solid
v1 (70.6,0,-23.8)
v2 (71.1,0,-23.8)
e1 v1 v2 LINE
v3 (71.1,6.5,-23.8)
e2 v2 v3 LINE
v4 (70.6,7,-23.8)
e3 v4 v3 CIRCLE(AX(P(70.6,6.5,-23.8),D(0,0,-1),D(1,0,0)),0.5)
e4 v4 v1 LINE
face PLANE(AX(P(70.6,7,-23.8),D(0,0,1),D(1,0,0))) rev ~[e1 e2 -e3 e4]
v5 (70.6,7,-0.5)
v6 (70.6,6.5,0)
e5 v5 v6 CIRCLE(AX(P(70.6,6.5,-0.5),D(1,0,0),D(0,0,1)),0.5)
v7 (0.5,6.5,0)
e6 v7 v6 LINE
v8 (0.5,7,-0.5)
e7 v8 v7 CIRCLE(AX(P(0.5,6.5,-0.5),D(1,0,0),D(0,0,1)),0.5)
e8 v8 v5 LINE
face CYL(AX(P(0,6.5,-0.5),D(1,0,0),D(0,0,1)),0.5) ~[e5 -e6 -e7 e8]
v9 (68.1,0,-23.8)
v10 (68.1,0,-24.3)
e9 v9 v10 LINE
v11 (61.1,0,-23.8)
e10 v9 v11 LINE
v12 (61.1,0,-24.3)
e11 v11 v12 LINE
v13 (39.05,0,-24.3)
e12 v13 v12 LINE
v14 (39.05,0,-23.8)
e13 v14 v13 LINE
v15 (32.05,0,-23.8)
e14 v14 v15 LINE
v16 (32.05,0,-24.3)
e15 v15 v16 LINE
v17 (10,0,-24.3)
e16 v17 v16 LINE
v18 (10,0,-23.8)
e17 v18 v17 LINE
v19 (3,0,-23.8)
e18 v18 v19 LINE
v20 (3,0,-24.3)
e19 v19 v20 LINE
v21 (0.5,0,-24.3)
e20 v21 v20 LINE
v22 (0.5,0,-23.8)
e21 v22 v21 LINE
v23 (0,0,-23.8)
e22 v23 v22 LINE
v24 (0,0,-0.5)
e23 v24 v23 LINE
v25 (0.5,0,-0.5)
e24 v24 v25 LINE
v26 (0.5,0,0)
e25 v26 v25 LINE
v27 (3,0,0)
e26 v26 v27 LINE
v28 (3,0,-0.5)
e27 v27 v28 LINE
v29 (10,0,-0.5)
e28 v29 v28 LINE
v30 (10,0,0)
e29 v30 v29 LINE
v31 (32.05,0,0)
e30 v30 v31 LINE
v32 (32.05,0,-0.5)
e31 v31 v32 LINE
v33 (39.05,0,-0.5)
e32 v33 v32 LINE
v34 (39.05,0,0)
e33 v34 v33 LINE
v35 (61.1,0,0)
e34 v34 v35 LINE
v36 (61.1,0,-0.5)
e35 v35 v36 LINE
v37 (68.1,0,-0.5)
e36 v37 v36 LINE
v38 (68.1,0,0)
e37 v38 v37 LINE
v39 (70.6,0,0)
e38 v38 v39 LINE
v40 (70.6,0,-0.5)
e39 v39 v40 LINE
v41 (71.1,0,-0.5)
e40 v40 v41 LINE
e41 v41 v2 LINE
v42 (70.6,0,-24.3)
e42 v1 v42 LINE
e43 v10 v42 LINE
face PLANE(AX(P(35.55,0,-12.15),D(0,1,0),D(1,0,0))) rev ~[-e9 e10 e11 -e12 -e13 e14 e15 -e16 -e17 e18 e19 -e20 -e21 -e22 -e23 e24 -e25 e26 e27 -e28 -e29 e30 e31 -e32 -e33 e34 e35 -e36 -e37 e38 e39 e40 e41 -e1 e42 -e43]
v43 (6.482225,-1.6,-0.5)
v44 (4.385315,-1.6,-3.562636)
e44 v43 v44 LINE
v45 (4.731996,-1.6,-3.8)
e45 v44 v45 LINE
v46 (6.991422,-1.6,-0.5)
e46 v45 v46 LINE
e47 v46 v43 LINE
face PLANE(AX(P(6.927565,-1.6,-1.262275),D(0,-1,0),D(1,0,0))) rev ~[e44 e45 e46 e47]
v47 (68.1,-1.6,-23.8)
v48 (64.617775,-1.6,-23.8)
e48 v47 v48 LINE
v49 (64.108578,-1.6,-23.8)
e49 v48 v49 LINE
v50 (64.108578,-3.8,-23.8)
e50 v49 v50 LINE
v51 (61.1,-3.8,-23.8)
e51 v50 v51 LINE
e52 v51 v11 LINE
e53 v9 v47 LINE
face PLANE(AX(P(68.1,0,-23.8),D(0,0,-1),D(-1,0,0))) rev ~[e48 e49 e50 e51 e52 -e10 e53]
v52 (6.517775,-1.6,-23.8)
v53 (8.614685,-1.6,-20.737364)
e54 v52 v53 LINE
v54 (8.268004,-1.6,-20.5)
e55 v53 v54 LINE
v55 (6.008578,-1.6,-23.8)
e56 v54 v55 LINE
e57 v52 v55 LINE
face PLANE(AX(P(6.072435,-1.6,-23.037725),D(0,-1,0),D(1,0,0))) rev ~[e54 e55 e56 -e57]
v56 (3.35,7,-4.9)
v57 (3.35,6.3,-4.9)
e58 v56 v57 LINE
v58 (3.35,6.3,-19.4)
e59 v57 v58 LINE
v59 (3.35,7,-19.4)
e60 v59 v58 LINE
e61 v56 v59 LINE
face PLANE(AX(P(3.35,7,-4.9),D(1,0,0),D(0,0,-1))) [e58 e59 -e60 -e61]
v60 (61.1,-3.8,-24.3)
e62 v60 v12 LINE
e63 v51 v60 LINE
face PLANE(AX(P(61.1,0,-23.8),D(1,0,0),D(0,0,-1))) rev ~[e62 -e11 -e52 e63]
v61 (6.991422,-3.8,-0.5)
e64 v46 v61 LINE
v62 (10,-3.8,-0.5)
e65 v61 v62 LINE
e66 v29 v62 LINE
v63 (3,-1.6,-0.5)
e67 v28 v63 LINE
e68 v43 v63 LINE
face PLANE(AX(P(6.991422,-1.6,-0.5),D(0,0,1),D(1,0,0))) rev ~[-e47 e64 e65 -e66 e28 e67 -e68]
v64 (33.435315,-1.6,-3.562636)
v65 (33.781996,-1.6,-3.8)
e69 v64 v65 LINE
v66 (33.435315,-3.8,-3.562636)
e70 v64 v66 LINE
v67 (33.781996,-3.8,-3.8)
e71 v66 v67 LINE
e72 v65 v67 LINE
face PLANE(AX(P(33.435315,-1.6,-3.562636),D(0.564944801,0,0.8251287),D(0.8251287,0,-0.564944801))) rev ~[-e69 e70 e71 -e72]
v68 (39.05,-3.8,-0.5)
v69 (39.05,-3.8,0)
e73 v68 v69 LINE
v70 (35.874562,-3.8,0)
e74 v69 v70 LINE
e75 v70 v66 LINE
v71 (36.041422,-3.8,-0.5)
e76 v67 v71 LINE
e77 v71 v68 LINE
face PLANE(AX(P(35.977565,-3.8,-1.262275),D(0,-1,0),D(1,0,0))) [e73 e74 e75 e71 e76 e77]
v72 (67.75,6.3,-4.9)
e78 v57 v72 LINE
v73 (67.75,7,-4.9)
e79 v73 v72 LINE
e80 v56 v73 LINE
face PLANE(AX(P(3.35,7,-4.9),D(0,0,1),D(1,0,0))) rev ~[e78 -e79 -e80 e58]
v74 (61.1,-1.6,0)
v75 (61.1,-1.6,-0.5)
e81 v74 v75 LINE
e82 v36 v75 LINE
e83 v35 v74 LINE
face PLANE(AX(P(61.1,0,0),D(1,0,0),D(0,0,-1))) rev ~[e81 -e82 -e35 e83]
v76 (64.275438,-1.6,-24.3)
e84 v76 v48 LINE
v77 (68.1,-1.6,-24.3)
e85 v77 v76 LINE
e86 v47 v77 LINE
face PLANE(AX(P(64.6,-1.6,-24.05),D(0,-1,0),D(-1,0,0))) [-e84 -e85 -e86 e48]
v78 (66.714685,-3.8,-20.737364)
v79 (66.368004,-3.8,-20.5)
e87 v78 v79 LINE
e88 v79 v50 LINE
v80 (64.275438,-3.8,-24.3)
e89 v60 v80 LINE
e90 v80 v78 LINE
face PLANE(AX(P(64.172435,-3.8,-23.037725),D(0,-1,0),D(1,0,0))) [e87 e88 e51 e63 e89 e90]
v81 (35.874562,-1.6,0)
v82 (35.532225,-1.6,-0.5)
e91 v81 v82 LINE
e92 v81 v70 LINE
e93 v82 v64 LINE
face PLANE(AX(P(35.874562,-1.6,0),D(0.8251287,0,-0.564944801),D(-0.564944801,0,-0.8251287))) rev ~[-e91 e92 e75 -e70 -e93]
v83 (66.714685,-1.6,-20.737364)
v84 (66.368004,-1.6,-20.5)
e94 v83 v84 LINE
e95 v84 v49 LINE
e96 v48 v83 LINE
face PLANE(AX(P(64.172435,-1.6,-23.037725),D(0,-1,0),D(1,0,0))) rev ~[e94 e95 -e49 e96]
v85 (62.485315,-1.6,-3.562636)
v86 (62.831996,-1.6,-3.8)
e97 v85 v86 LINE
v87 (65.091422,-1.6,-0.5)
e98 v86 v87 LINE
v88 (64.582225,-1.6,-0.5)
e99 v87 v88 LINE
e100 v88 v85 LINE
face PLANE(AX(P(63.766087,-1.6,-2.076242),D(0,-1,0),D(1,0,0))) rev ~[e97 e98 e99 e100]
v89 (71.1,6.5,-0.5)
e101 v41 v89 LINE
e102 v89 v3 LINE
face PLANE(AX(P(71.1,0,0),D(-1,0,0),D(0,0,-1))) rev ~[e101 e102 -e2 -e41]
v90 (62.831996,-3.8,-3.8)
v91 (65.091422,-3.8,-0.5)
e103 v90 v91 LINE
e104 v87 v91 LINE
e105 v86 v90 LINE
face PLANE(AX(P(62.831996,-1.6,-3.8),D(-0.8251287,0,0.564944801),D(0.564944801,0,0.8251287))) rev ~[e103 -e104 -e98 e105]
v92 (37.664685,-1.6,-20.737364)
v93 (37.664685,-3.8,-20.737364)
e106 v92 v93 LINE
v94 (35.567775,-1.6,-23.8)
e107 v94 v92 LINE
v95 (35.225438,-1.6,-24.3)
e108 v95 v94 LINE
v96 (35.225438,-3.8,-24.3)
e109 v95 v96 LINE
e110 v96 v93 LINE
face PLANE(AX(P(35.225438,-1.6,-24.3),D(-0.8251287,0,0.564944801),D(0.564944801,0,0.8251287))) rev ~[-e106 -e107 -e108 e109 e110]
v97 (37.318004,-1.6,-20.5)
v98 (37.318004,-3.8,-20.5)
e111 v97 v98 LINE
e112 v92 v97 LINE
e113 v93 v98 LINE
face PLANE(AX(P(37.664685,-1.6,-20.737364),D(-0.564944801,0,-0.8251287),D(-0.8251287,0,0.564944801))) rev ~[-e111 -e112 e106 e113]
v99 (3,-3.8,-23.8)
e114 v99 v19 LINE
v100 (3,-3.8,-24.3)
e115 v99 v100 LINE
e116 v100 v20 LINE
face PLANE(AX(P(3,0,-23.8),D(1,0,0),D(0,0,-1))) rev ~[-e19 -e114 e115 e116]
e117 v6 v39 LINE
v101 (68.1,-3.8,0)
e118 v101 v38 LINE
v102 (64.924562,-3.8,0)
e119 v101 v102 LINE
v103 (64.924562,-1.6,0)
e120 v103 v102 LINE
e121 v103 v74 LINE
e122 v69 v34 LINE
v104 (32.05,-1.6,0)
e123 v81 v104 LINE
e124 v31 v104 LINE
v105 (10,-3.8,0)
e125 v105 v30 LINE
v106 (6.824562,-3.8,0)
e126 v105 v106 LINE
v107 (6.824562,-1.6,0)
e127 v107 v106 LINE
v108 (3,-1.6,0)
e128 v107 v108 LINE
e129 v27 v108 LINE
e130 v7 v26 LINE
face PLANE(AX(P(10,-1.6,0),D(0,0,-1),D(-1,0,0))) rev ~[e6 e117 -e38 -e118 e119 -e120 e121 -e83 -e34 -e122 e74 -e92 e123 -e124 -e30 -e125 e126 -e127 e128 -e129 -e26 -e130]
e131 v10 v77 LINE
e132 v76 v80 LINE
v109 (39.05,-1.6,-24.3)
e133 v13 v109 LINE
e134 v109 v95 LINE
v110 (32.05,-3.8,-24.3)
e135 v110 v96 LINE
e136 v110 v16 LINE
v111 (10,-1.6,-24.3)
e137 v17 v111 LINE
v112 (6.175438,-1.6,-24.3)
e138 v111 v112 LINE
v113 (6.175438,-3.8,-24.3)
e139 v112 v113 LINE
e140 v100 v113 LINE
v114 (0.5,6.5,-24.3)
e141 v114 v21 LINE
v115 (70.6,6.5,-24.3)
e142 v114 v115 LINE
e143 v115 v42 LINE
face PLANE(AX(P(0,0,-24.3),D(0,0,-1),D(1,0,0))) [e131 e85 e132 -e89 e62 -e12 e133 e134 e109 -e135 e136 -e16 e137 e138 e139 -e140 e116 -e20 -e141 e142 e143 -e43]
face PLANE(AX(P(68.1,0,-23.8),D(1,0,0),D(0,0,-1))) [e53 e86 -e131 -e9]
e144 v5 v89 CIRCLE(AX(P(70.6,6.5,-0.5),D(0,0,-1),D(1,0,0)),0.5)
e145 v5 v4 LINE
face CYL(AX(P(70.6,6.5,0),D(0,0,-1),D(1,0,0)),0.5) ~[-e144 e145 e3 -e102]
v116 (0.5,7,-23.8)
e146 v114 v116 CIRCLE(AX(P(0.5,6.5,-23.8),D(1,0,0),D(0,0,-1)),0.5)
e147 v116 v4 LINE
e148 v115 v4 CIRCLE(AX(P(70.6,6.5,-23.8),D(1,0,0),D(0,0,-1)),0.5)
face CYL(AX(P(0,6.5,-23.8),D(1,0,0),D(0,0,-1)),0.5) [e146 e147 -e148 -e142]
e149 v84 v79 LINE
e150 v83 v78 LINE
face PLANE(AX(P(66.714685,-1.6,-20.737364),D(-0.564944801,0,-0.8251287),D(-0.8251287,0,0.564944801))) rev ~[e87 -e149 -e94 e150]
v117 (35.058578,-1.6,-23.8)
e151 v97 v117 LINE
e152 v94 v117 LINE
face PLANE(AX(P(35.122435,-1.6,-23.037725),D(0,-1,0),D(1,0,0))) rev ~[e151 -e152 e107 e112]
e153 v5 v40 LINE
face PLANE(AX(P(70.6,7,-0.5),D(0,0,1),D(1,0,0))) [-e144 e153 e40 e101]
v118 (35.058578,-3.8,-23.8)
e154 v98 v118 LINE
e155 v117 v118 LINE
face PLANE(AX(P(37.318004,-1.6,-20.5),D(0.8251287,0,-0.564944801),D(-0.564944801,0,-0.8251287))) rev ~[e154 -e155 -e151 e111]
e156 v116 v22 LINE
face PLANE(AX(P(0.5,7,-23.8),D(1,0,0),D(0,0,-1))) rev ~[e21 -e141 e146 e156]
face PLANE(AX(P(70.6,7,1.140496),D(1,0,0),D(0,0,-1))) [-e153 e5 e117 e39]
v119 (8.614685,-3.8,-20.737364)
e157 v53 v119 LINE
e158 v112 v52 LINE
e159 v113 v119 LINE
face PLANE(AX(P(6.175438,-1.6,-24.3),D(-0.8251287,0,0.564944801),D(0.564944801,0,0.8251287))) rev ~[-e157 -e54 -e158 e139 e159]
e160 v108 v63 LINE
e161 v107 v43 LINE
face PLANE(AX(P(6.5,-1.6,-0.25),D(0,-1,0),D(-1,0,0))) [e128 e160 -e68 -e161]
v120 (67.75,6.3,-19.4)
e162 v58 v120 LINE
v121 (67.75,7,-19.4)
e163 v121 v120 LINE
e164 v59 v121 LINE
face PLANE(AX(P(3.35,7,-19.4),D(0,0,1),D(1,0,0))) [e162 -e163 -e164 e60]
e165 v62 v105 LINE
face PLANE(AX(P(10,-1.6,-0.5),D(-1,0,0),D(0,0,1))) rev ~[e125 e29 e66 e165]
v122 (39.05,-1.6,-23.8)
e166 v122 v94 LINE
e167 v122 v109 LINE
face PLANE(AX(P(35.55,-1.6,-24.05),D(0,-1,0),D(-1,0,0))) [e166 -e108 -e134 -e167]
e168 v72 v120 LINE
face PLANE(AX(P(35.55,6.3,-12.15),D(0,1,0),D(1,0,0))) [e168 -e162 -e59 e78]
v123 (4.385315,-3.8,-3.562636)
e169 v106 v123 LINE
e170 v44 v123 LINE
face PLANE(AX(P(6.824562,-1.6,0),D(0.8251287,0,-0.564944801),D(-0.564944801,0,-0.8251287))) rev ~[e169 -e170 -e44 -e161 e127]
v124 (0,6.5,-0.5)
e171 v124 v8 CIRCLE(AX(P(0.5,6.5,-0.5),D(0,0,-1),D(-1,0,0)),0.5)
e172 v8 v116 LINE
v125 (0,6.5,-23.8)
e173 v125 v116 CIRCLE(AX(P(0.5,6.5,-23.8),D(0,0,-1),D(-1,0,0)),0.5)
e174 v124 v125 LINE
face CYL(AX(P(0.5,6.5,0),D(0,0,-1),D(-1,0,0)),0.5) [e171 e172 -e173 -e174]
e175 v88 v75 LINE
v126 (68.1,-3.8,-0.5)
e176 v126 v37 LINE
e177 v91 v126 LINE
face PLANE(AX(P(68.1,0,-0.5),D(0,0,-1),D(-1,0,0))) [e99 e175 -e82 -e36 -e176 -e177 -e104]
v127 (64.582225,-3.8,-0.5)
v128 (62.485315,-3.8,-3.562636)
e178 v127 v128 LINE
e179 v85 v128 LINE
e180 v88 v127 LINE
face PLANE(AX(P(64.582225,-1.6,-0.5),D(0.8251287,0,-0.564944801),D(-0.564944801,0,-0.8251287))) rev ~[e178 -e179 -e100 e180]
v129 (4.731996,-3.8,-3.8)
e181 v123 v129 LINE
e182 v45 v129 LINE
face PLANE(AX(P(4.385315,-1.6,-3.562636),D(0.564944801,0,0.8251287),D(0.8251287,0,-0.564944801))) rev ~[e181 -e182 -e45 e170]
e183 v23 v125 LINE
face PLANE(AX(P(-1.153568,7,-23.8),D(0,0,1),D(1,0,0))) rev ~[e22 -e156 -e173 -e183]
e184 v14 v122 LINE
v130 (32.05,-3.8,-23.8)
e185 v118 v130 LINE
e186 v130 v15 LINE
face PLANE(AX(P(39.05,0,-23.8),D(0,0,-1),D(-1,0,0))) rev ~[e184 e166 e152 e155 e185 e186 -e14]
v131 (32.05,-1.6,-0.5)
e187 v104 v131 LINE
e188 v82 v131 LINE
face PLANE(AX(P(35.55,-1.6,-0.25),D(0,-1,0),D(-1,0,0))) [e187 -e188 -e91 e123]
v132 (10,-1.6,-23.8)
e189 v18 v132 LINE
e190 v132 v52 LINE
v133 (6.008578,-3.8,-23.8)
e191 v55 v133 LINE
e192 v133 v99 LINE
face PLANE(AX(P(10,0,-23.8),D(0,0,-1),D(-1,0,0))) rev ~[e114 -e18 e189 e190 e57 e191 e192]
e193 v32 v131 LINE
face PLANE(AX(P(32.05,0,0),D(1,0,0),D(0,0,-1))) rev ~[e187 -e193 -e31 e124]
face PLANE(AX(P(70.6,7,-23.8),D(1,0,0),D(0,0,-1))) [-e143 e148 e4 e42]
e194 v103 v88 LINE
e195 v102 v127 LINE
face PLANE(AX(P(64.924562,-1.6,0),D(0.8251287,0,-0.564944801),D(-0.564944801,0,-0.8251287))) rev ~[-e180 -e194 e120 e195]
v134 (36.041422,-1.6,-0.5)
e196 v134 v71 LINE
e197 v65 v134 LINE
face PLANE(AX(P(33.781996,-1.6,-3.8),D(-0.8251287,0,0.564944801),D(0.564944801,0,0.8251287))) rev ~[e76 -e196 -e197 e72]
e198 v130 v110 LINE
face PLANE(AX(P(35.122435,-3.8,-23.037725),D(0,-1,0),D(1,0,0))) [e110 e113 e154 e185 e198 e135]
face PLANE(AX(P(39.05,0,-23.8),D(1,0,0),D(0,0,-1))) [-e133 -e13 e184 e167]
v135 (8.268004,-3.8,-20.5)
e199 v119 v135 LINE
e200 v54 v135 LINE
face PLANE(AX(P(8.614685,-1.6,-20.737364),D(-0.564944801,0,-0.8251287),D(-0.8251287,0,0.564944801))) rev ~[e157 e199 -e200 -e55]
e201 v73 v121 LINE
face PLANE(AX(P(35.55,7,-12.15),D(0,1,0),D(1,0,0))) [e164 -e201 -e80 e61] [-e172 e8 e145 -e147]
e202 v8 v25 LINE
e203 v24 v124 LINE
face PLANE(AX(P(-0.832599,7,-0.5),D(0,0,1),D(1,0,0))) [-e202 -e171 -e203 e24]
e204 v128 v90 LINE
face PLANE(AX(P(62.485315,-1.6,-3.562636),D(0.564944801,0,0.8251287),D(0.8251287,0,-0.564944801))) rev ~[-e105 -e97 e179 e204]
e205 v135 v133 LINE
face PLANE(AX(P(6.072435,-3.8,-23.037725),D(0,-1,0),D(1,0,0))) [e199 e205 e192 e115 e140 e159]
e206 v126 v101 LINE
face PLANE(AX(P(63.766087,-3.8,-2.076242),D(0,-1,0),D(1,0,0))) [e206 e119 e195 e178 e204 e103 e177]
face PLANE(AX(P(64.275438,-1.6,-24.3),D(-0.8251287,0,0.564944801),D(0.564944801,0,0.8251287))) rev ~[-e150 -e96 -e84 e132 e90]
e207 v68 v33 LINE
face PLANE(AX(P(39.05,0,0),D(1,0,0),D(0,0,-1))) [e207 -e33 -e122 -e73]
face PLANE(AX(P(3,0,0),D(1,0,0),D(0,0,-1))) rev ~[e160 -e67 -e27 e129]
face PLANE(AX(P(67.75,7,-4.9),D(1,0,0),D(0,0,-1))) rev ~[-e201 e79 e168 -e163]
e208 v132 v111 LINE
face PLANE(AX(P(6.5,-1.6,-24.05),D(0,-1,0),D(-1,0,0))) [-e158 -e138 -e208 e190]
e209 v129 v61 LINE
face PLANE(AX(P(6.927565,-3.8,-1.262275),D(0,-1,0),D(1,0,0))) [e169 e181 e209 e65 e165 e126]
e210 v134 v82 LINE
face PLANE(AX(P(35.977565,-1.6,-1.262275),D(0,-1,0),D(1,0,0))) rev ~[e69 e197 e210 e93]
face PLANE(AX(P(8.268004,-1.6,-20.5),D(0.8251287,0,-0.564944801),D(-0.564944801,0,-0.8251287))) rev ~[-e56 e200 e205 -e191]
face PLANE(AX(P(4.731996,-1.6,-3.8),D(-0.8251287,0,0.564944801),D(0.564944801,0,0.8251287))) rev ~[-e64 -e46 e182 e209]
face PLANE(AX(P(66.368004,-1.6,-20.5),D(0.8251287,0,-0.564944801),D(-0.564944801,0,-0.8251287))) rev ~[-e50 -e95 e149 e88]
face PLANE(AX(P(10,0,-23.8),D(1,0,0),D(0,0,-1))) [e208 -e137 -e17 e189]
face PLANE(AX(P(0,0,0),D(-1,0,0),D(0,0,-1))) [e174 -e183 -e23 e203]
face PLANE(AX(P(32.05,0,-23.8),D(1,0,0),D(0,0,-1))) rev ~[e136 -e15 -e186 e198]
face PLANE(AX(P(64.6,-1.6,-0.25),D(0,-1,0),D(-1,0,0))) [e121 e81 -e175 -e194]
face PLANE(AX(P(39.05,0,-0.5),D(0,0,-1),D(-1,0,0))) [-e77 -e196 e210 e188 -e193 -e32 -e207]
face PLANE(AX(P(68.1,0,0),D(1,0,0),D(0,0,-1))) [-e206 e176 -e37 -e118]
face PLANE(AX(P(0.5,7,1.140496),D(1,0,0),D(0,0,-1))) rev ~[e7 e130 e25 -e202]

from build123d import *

# Parameters (mm, degrees)
ESQUISSE1_W             = 71.1
ESQUISSE1_H             = 24.3
BOSS_EXTRU_1_DEPTH      = 7
CONG_1_R                = 0.5
ESQUISSE2_W             = 1.653567917
ESQUISSE2_H             = 1.375254205
ESQUISSE2_W_2           = 1.332598991
ESQUISSE2_H_2           = 1.640495544
ESQUISSE2_W_3           = 1.790407611
ESQUISSE2_H_3           = 2.285395674
ENL_V_MAT_EXTRU_1_DEPTH = 7
ESQUISSE3_W             = 64.4
ESQUISSE3_H             = 14.5
ENL_V_MAT_EXTRU_2_DEPTH = 0.7
ESQUISSE4_W             = 7
ESQUISSE4_H             = 0.5
BOSS_EXTRU_2_DEPTH      = 1.6
BOSS_EXTRU_3_DEPTH      = 2.2


with BuildPart() as part:
    # Esquisse1 → Boss.-Extru.1 (new body)
    with BuildSketch(Plane(origin=(0, 0, 0), x_dir=(1, 0, 0), z_dir=(0, 1, 0))):
        with Locations((35.55, 12.15)):
            Rectangle(ESQUISSE1_W, ESQUISSE1_H)
    extrude(amount=BOSS_EXTRU_1_DEPTH)

    # Congé1
    cong_1_edges = [part.edges().sort_by_distance(p)[0] for p in [
        (71.1, 7, -12.15),
        (35.55, 7, -24.3),
        (0, 7, -12.15),
        (35.55, 7, 0),
    ]]
    fillet(cong_1_edges, radius=CONG_1_R)

    # Esquisse2 → Enlèv. mat.-Extru.1 (cut)
    with BuildSketch(Plane(origin=(0, 7, 0), x_dir=(1, 0, 0), z_dir=(0, 1, 0))):
        with Locations((-0.326783959, 24.487627102)):
            Rectangle(ESQUISSE2_W, ESQUISSE2_H)
        with Locations((-0.166299496, -0.320247772)):
            Rectangle(ESQUISSE2_W_2, ESQUISSE2_H_2)
        with Locations((71.495203806, -0.320247772)):
            Rectangle(ESQUISSE2_W_3, ESQUISSE2_H_2)
        with Locations((71.495203806, 24.942697837)):
            Rectangle(ESQUISSE2_W_3, ESQUISSE2_H_3)
    extrude(amount=-ENL_V_MAT_EXTRU_1_DEPTH, mode=Mode.SUBTRACT)

    # Esquisse3 → Enlèv. mat.-Extru.2 (cut)
    with BuildSketch(Plane(origin=(0, 7, 0), x_dir=(1, 0, 0), z_dir=(0, 1, 0))):
        with Locations((35.55, 12.15)):
            Rectangle(ESQUISSE3_W, ESQUISSE3_H)
    extrude(amount=-ENL_V_MAT_EXTRU_2_DEPTH, mode=Mode.SUBTRACT)

    # Esquisse4 → Boss.-Extru.2 (add)
    with BuildSketch(Plane(origin=(0, 0, 0), x_dir=(-1, 0, 0), z_dir=(0, -1, 0))):
        with Locations((-6.5, 0.25)):
            Rectangle(ESQUISSE4_W, ESQUISSE4_H)
        with Locations((-6.5, 24.05)):
            Rectangle(ESQUISSE4_W, ESQUISSE4_H)
        with Locations((-35.55, 0.25)):
            Rectangle(ESQUISSE4_W, ESQUISSE4_H)
        with Locations((-35.55, 24.05)):
            Rectangle(ESQUISSE4_W, ESQUISSE4_H)
        with Locations((-64.6, 0.25)):
            Rectangle(ESQUISSE4_W, ESQUISSE4_H)
        with Locations((-64.6, 24.05)):
            Rectangle(ESQUISSE4_W, ESQUISSE4_H)
    extrude(amount=BOSS_EXTRU_2_DEPTH)

    # Esquisse5 → Boss.-Extru.3 (add)
    with BuildSketch(Plane.XZ.offset(1.6)):
        Polygon((4.385314947, -3.562636494), (4.731995615, -3.8), (6.991422348, -0.5), (10, -0.5), (10, 0), (6.824562261, 0), align=None)
        Polygon((33.435314947, -3.562636494), (33.781995615, -3.8), (36.041422348, -0.5), (39.05, -0.5), (39.05, 0), (35.874562261, 0), align=None)
        Polygon((65.091422348, -0.5), (64.582224877, -0.5), (62.485314947, -3.562636494), (62.831995615, -3.8), align=None)
        Polygon((68.1, -0.5), (68.1, 0), (64.924562261, 0), (64.582224877, -0.5), (65.091422348, -0.5), align=None)
        Polygon((66.714685053, -20.737363506), (66.368004385, -20.5), (64.108577652, -23.8), (61.1, -23.8), (61.1, -24.3), (64.275437739, -24.3), align=None)
        Polygon((8.614685053, -20.737363506), (8.268004385, -20.5), (6.008577652, -23.8), (3, -23.8), (3, -24.3), (6.175437739, -24.3), align=None)
        Polygon((37.664685053, -20.737363506), (37.318004385, -20.5), (35.058577652, -23.8), (32.05, -23.8), (32.05, -24.3), (35.225437739, -24.3), align=None)
    extrude(amount=BOSS_EXTRU_3_DEPTH)


solid = part.part
